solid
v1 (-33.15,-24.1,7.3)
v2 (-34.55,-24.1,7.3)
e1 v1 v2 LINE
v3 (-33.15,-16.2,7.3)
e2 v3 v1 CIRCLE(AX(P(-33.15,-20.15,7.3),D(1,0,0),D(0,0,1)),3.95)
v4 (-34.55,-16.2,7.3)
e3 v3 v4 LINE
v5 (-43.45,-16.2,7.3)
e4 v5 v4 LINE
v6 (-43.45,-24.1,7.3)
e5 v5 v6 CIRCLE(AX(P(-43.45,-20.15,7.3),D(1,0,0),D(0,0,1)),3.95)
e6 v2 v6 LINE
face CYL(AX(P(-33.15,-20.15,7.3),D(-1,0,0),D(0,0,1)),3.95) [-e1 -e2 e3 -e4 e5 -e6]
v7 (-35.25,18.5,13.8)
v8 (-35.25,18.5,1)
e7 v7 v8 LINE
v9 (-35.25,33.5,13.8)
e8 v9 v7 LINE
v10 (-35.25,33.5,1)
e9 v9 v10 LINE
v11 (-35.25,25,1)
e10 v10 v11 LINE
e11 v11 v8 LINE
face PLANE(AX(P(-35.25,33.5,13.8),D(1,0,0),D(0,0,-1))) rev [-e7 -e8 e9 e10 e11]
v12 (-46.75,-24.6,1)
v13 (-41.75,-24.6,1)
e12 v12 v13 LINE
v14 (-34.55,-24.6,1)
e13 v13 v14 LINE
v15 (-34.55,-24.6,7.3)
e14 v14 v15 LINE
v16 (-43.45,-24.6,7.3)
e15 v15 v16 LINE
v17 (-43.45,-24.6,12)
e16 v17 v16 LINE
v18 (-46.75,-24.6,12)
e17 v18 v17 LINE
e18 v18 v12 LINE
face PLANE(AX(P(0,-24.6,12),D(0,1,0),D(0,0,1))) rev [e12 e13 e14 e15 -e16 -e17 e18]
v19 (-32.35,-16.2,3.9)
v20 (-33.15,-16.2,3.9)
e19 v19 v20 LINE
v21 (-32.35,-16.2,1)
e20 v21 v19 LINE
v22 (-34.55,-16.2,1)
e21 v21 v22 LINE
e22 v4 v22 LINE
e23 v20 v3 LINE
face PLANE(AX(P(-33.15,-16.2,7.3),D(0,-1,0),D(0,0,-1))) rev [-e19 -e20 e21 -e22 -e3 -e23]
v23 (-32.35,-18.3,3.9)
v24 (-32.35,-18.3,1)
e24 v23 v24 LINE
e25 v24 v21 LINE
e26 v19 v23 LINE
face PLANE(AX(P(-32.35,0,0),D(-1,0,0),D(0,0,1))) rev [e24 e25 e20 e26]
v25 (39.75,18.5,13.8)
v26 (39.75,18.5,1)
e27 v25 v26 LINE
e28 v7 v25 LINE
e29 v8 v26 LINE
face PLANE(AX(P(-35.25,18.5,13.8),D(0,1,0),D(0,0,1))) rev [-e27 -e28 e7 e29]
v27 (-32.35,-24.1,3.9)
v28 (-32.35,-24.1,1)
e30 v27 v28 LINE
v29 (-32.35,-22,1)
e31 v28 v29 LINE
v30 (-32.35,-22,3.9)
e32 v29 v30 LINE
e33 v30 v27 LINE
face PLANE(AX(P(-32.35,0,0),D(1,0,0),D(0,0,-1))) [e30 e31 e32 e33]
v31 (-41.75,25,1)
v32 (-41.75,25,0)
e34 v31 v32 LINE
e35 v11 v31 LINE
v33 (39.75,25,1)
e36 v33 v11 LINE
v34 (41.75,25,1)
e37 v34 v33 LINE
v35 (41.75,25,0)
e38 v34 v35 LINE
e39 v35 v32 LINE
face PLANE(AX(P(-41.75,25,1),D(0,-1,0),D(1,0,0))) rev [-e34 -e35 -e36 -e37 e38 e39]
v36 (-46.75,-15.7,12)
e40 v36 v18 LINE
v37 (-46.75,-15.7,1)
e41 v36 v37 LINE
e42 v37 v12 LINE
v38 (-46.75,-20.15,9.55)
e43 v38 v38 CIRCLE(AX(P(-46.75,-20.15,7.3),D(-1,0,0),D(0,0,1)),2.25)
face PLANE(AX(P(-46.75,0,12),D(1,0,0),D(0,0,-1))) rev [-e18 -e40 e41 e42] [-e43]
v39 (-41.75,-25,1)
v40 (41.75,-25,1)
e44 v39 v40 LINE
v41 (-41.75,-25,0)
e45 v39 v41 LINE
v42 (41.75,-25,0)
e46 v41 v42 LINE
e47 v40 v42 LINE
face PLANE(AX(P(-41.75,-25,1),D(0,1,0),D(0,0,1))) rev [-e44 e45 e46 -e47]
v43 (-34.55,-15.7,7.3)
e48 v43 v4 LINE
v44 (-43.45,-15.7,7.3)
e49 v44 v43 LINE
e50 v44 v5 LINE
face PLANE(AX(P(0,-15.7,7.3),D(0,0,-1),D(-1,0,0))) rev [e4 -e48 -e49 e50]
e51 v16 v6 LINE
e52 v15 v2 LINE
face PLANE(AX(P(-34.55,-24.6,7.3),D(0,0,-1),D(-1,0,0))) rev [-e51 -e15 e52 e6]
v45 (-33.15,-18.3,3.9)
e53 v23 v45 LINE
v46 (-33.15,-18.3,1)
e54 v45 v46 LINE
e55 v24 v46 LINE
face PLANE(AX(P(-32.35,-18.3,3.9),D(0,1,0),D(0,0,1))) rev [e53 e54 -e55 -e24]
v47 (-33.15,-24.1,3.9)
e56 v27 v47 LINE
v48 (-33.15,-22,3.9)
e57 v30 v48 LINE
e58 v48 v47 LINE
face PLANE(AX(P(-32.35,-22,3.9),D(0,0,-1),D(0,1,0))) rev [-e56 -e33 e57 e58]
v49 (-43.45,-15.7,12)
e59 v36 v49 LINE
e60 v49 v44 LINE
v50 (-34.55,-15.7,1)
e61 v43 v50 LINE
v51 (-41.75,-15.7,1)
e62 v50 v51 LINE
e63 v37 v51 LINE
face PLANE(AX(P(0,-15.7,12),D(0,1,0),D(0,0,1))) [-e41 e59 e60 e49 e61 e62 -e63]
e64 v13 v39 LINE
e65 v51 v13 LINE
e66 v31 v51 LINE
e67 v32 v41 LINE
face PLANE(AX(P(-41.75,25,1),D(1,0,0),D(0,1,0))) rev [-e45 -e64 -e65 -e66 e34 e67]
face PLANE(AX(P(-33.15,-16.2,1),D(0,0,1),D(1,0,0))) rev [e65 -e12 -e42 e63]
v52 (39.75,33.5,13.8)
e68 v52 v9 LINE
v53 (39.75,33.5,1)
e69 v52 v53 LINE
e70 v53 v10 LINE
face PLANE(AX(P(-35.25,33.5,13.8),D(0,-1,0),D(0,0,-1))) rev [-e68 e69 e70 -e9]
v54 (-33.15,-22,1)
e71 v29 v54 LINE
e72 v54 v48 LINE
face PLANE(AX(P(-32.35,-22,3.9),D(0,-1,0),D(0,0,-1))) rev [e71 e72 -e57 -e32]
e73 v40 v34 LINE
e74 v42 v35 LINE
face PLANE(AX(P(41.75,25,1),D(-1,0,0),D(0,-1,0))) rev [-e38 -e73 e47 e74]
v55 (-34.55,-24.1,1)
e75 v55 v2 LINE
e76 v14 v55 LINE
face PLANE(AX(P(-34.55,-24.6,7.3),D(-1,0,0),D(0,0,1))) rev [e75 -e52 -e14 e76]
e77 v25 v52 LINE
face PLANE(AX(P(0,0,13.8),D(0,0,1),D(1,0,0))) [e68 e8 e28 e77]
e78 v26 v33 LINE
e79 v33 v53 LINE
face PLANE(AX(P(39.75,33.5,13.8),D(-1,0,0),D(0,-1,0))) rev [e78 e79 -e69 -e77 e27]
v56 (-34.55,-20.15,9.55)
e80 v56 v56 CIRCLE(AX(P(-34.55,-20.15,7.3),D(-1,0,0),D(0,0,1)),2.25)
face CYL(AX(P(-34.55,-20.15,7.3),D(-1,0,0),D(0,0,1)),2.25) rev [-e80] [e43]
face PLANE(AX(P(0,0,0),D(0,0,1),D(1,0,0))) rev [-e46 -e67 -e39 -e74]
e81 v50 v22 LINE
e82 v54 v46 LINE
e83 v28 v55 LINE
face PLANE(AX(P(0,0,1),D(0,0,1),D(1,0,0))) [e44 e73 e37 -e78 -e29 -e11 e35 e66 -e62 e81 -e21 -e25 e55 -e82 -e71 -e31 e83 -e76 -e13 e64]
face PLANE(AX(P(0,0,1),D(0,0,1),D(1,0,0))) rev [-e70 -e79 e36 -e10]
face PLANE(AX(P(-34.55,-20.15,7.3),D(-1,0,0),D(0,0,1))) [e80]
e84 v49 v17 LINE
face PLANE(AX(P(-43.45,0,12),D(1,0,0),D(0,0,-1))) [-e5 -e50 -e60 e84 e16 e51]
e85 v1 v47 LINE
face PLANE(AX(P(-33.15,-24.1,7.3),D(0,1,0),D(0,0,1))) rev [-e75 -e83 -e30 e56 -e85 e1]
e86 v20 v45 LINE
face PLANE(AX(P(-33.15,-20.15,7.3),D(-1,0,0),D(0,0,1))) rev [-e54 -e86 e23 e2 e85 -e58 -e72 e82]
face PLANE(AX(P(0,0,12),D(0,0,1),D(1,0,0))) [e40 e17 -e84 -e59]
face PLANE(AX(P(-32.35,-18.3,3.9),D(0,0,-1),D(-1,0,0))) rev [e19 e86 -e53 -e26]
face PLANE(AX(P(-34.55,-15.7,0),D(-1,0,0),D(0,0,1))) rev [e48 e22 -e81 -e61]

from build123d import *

# Parameters (mm, degrees)
SKETCH1_W           = 83.5
SKETCH1_H           = 50
BOSS_EXTRUDE1_DEPTH = 1
SKETCH2_W           = 75
SKETCH2_H           = 15
BOSS_EXTRUDE2_DEPTH = 12.8
SKETCH3_W           = 3.3
SKETCH3_H           = 8.9
BOSS_EXTRUDE3_DEPTH = 11
BOSS_EXTRUDE4_DEPTH = 10.3
BOSS_EXTRUDE6_DEPTH = 0.5
BOSS_EXTRUDE7_DEPTH = 0.5
SKETCH7_W           = 2.9
SKETCH7_H           = 2.1
BOSS_EXTRUDE8_DEPTH = 0.8
SKETCH8_R           = 2.25
CUT_EXTRUDE1_DEPTH  = 12.2


with BuildPart() as part:
    # Sketch1 → Boss-Extrude1 (new body)
    with BuildSketch(Plane.XY):
        Rectangle(SKETCH1_W, SKETCH1_H)
    extrude(amount=BOSS_EXTRUDE1_DEPTH)

    # Sketch2 → Boss-Extrude2 (add)
    with BuildSketch(Plane.XY.offset(1)):
        with Locations((2.25, 26)):
            Rectangle(SKETCH2_W, SKETCH2_H)
    extrude(amount=BOSS_EXTRUDE2_DEPTH)



with BuildPart() as body_2:
    # Sketch3 → Boss-Extrude3 (new body)
    with BuildSketch(Plane.XY.offset(1)):
        with Locations((-45.1, -20.15)):
            Rectangle(SKETCH3_W, SKETCH3_H)
    extrude(amount=BOSS_EXTRUDE3_DEPTH)


with BuildPart() as part_1:
    add(part.part)

    add(body_2.part)  # Boss-Extrude4 merges body 2
    # Sketch4 → Boss-Extrude4 (add)
    with BuildSketch(Plane(origin=(-43.45, 0, 0), x_dir=(0, 0, -1), z_dir=(1, 0, 0))):
        with BuildLine():
            Line((-7.3, -16.2), (-1, -16.2))
            Line((-1, -16.2), (-1, -24.1))
            Line((-1, -24.1), (-7.3, -24.1))
            ThreePointArc((-7.3, -24.1), (-11.25, -20.15), (-7.3, -16.2))
        make_face()
    extrude(amount=BOSS_EXTRUDE4_DEPTH)

    # Sketch5 → Boss-Extrude6 (add)
    with BuildSketch(Plane.XZ.offset(24.1)):
        Polygon((-34.55, 7.3), (-34.55, 1), (-41.75, 1), (-43.45, 1), (-43.45, 7.3), align=None)
    extrude(amount=BOSS_EXTRUDE6_DEPTH)

    # Sketch6 → Boss-Extrude7 (add)
    with BuildSketch(Plane(origin=(0, -16.2, 0), x_dir=(1, 0, 0), z_dir=(0, 1, 0))):
        Polygon((-43.45, -7.3), (-34.55, -7.3), (-34.55, -1), (-41.75, -1), (-43.45, -1), align=None)
    extrude(amount=BOSS_EXTRUDE7_DEPTH)

    # Sketch7 → Boss-Extrude8 (add)
    with BuildSketch(Plane(origin=(-33.15, 0, 0), x_dir=(0, 0, -1), z_dir=(1, 0, 0))):
        with Locations((-2.45, -23.05)):
            Rectangle(SKETCH7_W, SKETCH7_H)
        with Locations((-2.45, -17.25)):
            Rectangle(SKETCH7_W, SKETCH7_H)
    extrude(amount=BOSS_EXTRUDE8_DEPTH)

    # Sketch8 → Cut-Extrude1 (cut)
    with BuildSketch(Plane.ZY.offset(46.75)):
        with Locations((7.3, -20.15)):
            Circle(SKETCH8_R)
    extrude(amount=-CUT_EXTRUDE1_DEPTH, mode=Mode.SUBTRACT)


solid = part_1.part
